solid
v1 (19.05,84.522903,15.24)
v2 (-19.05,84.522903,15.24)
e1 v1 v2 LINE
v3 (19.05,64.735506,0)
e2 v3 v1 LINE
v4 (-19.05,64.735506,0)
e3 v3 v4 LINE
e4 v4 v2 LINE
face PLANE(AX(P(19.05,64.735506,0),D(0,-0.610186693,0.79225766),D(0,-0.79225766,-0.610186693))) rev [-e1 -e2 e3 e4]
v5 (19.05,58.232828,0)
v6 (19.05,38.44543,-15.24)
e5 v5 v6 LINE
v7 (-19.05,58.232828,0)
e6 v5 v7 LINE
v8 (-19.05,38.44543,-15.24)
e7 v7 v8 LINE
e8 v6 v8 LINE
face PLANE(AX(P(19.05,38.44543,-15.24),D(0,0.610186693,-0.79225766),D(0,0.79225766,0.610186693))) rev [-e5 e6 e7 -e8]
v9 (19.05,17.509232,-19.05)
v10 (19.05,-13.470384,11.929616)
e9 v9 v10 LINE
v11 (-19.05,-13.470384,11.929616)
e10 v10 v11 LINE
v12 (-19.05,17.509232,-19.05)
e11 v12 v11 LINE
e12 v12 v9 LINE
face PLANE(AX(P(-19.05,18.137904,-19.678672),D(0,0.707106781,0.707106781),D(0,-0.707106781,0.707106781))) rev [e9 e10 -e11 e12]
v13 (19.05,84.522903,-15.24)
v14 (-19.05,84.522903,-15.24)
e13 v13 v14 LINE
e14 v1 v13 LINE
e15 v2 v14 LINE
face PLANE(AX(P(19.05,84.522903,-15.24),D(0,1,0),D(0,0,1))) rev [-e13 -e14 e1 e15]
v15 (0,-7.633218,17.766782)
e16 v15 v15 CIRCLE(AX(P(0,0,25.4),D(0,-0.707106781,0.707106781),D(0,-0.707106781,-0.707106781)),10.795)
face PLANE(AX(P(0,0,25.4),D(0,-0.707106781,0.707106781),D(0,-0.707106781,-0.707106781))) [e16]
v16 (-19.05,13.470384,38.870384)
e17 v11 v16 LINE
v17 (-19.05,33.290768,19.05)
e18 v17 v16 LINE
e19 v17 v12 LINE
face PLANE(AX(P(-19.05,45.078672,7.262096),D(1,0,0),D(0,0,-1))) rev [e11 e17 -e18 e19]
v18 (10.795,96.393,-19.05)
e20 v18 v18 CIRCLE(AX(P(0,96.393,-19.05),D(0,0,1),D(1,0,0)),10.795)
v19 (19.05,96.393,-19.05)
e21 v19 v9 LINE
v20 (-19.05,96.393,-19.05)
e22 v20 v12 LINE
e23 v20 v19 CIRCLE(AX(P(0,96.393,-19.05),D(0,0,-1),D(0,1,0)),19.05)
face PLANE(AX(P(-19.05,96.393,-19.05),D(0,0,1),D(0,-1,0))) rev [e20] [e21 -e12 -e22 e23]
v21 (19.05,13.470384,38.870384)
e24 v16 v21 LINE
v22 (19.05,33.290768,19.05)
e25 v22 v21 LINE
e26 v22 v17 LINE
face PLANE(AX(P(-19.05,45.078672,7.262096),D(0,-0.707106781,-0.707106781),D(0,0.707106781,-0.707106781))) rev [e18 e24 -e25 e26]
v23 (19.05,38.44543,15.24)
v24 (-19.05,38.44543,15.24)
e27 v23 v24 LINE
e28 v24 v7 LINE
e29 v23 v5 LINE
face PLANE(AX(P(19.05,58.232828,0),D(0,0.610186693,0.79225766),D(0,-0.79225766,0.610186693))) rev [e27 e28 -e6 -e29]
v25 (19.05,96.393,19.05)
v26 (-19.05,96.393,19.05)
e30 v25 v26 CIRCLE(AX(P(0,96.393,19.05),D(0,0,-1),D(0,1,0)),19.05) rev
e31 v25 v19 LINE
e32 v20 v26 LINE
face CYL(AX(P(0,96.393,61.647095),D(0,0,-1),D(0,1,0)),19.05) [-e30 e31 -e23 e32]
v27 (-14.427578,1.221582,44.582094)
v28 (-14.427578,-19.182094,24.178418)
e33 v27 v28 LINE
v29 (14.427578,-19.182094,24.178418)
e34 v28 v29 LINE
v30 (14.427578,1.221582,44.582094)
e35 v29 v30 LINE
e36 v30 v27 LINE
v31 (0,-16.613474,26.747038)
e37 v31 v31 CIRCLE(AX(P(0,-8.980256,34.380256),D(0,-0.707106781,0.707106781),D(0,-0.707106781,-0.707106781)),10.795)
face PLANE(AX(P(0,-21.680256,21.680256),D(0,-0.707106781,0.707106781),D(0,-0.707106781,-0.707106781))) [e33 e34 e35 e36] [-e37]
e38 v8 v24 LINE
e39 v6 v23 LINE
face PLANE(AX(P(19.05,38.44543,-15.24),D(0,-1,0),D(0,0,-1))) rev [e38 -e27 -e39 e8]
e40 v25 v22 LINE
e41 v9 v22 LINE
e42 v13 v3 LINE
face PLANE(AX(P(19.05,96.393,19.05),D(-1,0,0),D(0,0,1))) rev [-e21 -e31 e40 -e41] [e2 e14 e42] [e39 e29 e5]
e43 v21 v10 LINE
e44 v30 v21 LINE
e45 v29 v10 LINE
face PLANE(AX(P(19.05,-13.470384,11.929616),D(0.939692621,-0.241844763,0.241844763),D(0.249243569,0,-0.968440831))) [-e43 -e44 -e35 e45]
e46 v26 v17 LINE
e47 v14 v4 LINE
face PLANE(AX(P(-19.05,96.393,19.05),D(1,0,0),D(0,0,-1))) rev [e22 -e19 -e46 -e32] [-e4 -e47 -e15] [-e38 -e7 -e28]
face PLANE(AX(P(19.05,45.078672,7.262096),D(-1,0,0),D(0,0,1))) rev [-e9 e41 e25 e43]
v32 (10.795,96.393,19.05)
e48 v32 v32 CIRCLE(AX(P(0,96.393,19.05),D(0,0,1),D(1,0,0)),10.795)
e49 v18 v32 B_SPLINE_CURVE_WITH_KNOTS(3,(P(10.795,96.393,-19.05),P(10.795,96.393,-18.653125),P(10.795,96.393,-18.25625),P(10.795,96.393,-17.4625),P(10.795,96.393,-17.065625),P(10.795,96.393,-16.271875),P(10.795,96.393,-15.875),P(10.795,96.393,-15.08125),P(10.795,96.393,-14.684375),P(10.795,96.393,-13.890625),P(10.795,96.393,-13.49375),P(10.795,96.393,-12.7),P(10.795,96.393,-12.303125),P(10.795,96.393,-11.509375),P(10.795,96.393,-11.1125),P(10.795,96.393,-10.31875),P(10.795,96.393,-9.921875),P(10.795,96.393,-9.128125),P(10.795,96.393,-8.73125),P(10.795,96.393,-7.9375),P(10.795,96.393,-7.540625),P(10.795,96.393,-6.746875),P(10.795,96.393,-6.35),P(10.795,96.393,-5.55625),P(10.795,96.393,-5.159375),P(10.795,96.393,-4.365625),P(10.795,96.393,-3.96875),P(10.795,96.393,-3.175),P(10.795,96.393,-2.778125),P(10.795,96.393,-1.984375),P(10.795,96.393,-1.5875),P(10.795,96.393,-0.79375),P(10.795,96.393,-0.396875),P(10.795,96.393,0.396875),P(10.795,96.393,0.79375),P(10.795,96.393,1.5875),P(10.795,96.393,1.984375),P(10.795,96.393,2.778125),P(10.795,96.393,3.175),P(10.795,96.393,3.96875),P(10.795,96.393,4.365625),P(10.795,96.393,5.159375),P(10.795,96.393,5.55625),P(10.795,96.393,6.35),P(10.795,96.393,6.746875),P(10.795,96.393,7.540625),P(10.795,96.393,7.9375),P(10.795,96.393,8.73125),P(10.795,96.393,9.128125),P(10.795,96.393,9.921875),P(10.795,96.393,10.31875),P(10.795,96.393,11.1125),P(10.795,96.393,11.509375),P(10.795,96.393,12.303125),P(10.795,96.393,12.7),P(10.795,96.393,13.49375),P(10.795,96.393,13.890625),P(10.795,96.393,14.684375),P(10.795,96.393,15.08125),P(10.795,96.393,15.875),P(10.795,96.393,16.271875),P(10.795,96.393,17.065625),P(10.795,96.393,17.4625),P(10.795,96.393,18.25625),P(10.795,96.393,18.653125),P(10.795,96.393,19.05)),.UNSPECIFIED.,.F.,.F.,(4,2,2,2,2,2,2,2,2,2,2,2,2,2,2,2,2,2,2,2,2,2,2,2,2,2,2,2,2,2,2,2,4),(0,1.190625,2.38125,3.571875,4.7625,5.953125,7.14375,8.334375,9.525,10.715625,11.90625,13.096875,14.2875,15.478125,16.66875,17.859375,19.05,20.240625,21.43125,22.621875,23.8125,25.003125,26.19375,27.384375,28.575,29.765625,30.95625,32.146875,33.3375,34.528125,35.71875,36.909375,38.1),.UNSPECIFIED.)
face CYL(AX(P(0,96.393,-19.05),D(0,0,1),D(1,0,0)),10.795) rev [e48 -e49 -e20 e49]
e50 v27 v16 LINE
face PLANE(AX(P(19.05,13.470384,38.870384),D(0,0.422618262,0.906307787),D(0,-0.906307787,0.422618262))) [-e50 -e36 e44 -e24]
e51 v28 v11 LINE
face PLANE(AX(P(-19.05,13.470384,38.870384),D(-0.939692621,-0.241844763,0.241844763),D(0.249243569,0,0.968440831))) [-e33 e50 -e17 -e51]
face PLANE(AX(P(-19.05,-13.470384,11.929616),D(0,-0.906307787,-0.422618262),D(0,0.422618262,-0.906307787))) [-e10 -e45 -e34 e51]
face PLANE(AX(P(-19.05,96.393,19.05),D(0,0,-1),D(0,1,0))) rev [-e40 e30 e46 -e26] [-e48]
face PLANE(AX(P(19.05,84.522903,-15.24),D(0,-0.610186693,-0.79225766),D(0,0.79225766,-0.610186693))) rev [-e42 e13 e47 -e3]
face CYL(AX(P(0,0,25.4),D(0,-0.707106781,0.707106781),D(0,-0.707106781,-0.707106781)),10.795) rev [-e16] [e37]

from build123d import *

# Parameters (mm, degrees)
SKETCH11_W          = 38.1
SKETCH11_H          = 38.1
SKETCH12_W          = 38.1
SKETCH12_H          = 38.1
BOSS_EXTRUDE5_DEPTH = 12.7
BOSS_EXTRUDE5_TAPER = 20
BOSS_EXTRUDE6_DEPTH = 38.1
SKETCH14_R          = 10.795
CUT_EXTRUDE2_DEPTH  = 38.1
SKETCH15_R          = 10.795
CUT_EXTRUDE3_DEPTH  = 12.7
CUT_EXTRUDE4_DEPTH  = 38.1


with BuildPart() as part:
    # Sweep1: sweep along a path in Sketch10
    with BuildLine(Plane(origin=(0, 0, 0), x_dir=(0, 0, -1), z_dir=(1, 0, 0))) as sweep1_path:
        Line((0, 96.393), (0, 25.4))
        Line((0, 25.4), (-25.4, 0))
    # Sketch11 → Sweep1 (sweep)
    with BuildSketch(Plane(origin=(0, 96.393, 0), x_dir=(1, 0, 0), z_dir=(0, 1, 0))):
        Rectangle(SKETCH11_W, SKETCH11_H)
    sweep(path=sweep1_path.line, transition=Transition.RIGHT)

    # Sketch12 → Boss-Extrude5 (add)
    with BuildSketch(Plane(origin=(0, -12.7, 12.7), x_dir=(1, 0, 0), z_dir=(0, -0.7071067811865461, 0.7071067811865489))):
        with Locations((0, 17.960512242)):
            Rectangle(SKETCH12_W, SKETCH12_H)
    extrude(amount=BOSS_EXTRUDE5_DEPTH, taper=BOSS_EXTRUDE5_TAPER)

    # Sketch13 → Boss-Extrude6 (add)
    with BuildSketch(Plane(origin=(0, 0, -19.05), x_dir=(-1, 0, 0), z_dir=(0, 0, -1))):
        with BuildLine():
            Line((-19.05, 96.393), (19.05, 96.393))
            ThreePointArc((19.05, 96.393), (0, 115.443), (-19.05, 96.393))
        make_face()
    extrude(amount=-BOSS_EXTRUDE6_DEPTH)

    # Sketch14 → Cut-Extrude2 (cut)
    with BuildSketch(Plane.XY.offset(19.05)):
        with Locations((0, 96.393)):
            Circle(SKETCH14_R)
    extrude(amount=-CUT_EXTRUDE2_DEPTH, mode=Mode.SUBTRACT)

    # Sketch15 → Cut-Extrude3 (cut)
    with BuildSketch(Plane(origin=(0, -21.680256121, 21.680256121), x_dir=(1, 0, 0), z_dir=(0, -0.7071067811865461, 0.7071067811865489))):
        with Locations(Location((0, 17.960512242, 0), (0, 0, 270))):
            Circle(SKETCH15_R)
    extrude(amount=-CUT_EXTRUDE3_DEPTH, mode=Mode.SUBTRACT)

    # Sketch16 → Cut-Extrude4 (cut)
    with BuildSketch(Plane.ZY.offset(19.05)):
        Polygon((-15.24, 38.445429874), (0, 58.232827541), (15.24, 38.445429874), align=None)
        Polygon((-15.24, 84.522903194), (15.24, 84.522903194), (0, 64.735505528), align=None)
    extrude(amount=-CUT_EXTRUDE4_DEPTH, mode=Mode.SUBTRACT)


solid = part.part
